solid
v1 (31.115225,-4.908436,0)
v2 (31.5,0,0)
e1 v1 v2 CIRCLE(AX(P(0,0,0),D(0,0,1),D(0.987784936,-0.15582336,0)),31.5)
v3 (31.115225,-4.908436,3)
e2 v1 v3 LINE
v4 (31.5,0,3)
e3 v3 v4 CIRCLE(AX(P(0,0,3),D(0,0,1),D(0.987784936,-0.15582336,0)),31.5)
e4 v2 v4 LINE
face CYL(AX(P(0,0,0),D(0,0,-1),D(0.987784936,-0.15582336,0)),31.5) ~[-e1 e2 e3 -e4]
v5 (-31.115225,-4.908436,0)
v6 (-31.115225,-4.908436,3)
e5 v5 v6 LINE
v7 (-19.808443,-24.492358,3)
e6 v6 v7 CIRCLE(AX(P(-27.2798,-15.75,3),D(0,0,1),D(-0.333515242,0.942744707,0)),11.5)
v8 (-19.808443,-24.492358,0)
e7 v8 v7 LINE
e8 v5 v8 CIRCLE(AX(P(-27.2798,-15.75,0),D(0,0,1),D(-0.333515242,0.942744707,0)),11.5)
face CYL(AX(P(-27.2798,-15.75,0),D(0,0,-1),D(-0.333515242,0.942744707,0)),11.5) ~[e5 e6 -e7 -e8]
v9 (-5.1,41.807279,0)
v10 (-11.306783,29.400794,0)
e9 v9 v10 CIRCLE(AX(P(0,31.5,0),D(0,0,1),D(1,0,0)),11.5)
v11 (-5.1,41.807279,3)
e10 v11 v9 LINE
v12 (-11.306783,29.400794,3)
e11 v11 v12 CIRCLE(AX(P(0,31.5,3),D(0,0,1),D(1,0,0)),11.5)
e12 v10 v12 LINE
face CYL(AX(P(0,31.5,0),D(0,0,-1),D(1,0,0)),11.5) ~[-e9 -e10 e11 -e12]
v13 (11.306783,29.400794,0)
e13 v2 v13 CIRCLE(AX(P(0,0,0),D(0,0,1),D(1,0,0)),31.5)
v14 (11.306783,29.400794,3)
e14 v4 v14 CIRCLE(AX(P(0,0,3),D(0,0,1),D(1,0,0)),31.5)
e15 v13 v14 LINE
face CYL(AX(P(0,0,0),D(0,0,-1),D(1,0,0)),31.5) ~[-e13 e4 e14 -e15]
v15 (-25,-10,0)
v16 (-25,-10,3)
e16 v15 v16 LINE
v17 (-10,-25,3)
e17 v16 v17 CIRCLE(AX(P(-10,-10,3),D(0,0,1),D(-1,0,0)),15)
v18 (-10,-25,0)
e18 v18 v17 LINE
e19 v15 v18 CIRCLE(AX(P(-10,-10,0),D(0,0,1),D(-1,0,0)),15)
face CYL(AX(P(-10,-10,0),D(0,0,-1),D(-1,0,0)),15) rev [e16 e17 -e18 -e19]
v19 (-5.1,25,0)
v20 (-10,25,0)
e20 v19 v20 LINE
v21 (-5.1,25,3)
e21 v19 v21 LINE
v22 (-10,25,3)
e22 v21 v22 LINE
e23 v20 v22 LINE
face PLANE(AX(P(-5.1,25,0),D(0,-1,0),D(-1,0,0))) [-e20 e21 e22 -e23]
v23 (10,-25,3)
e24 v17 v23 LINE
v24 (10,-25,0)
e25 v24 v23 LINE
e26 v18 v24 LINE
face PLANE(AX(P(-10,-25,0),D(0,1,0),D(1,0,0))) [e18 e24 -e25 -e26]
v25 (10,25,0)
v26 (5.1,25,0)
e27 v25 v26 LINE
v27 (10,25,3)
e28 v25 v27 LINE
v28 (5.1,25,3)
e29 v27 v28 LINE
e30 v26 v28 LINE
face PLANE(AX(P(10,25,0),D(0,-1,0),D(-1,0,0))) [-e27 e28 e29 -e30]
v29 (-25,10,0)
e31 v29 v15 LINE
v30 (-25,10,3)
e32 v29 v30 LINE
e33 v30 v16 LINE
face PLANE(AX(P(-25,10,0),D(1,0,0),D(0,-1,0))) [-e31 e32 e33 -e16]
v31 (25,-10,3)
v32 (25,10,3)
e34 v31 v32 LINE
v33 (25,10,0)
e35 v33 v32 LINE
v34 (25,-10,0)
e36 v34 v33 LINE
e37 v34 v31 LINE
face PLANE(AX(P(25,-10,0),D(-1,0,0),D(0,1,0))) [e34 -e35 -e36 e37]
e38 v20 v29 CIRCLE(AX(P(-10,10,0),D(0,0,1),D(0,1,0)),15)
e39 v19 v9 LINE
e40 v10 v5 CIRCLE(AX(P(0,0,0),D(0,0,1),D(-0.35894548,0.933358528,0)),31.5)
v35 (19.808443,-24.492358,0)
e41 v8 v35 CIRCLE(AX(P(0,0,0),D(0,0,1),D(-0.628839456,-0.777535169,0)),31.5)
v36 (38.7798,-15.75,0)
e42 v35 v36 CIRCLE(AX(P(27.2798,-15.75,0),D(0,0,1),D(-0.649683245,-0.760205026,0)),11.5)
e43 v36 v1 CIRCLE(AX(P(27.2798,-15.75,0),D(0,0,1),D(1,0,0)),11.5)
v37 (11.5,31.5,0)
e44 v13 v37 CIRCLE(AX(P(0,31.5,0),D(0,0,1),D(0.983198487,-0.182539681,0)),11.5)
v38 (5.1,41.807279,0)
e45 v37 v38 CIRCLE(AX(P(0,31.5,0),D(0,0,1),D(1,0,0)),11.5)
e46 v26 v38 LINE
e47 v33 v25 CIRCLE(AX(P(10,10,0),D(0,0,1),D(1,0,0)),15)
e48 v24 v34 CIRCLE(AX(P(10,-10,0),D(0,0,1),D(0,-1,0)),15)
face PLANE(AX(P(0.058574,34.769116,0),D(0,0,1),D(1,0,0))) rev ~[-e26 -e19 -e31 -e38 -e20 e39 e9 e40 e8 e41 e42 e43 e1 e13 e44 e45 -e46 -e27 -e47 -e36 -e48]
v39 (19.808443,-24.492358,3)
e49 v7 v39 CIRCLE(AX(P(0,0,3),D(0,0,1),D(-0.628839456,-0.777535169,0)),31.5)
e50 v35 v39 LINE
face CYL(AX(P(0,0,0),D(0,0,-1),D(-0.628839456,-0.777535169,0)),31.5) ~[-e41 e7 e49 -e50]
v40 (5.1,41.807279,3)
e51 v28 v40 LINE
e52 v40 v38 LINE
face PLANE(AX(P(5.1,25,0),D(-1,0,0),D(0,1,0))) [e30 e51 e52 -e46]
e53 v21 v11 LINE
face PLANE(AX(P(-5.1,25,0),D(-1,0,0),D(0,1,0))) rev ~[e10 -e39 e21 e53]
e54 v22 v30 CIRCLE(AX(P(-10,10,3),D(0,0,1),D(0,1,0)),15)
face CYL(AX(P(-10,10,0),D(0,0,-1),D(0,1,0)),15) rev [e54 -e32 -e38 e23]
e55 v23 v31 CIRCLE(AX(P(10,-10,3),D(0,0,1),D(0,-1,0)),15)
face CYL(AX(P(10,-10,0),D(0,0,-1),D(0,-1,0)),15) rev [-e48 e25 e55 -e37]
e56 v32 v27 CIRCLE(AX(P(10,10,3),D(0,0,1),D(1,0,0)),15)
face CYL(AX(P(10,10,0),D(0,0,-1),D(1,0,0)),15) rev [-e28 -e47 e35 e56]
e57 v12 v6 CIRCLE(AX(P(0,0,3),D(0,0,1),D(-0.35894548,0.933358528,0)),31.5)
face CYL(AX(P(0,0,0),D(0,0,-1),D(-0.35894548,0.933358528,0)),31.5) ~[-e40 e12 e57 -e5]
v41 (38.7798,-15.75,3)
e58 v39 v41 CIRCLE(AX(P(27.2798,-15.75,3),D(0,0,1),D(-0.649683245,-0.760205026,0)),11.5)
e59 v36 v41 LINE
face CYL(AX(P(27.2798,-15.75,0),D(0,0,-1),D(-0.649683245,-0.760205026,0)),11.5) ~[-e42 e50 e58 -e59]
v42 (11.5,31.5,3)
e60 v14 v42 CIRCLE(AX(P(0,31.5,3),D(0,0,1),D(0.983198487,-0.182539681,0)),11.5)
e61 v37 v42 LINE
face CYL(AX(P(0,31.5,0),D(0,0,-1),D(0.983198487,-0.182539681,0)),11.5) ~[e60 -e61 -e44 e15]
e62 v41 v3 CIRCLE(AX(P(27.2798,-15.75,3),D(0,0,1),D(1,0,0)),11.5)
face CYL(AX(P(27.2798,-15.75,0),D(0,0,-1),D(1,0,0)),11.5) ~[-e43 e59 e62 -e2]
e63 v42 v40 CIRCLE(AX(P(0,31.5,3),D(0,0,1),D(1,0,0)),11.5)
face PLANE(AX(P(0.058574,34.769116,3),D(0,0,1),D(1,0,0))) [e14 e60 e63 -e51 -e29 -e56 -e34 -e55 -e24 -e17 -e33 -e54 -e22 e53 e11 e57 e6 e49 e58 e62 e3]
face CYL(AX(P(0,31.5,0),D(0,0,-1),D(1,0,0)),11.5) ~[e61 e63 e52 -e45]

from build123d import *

# Parameters (mm, degrees)
F2_DEPTH = 3
F1_W     = 10.2
F1_H     = 8.1991158426
F1_H_2   = 21.2707020342
F3_DEPTH = 3


with BuildPart() as f2:
    # F0 (on Top) → F2 (new body)
    with BuildSketch(Plane.XY):
        with BuildLine():
            ThreePointArc((11.3067825639, 29.4007936636), (11.4515937375, 30.4459601281), (11.4999999642, 31.5))
            ThreePointArc((11.4999999642, 31.5), (-1.0540399207, 42.9515937721), (-11.3067826307, 29.4007936379))
            ThreePointArc((-11.3067826307, 29.4007936379), (-3.58e-08, 31.5), (11.3067825639, 29.4007936636))
        make_face()
        with BuildLine():
            ThreePointArc((11.3067825639, 29.4007936636), (-3.58e-08, 31.5), (-11.3067826307, 29.4007936379))
            ThreePointArc((-11.3067826307, 29.4007936379), (-2.27e-08, 20), (11.3067825639, 29.4007936636))
        make_face()
        with BuildLine():
            ThreePointArc((11.3067825639, 29.4007936636), (-2.27e-08, 20), (-11.3067826307, 29.4007936379))
            ThreePointArc((-11.3067826307, 29.4007936379), (-27.2798002371, 15.749999969), (-31.1152254861, -4.9084358964))
            ThreePointArc((-31.1152254861, -4.9084358964), (-20.641178009, -6.3596488455), (-15.7798002013, -15.750000031))
            ThreePointArc((-15.7798002013, -15.750000031), (-16.8354091384, -20.5629716001), (-19.8084428665, -24.4923578123))
            ThreePointArc((-19.8084428665, -24.4923578123), (3.58e-08, -31.5), (19.8084429222, -24.4923577673))
            ThreePointArc((19.8084429222, -24.4923577673), (17.320508087, -9.9999999803), (31.1152254973, -4.9084358257))
            ThreePointArc((31.1152254973, -4.9084358257), (31.4036590477, -2.4617470256), (31.5, 0))
            ThreePointArc((31.5, 0), (25.965492974, 17.8337650152), (11.3067825639, 29.4007936636))
        make_face()
        with BuildLine():
            ThreePointArc((-19.8084428665, -24.4923578123), (-27.2798002013, -15.750000031), (-31.1152254861, -4.9084358964))
            ThreePointArc((-31.1152254861, -4.9084358964), (-37.2390923383, -21.5000000423), (-19.8084428665, -24.4923578123))
        make_face()
        with BuildLine():
            ThreePointArc((-15.7798002013, -15.750000031), (-20.641178009, -6.3596488455), (-31.1152254861, -4.9084358964))
            ThreePointArc((-31.1152254861, -4.9084358964), (-27.2798002013, -15.750000031), (-19.8084428665, -24.4923578123))
            ThreePointArc((-19.8084428665, -24.4923578123), (-16.8354091384, -20.5629716001), (-15.7798002013, -15.750000031))
        make_face()
        with BuildLine():
            ThreePointArc((19.8084429222, -24.4923577673), (27.2798002371, -15.749999969), (31.1152254973, -4.9084358257))
            ThreePointArc((31.1152254973, -4.9084358257), (17.320508087, -9.9999999803), (19.8084429222, -24.4923577673))
        make_face()
        with BuildLine():
            ThreePointArc((38.7798002371, -15.749999969), (36.6701514151, -9.111377766), (31.1152254973, -4.9084358257))
            ThreePointArc((31.1152254973, -4.9084358257), (27.2798002371, -15.749999969), (19.8084429222, -24.4923577673))
            ThreePointArc((19.8084429222, -24.4923577673), (32.0927718181, -26.1943910265), (38.7798002371, -15.749999969))
        make_face()
    extrude(amount=F2_DEPTH)

    # F1 (on Top) → F3 (cut)
    with BuildSketch(Plane.XY):
        with BuildLine():
            Line((5.1, 25), (5.1, 16.8008841574))
            Line((5.1, 16.8008841574), (-5.1, 16.8008841574))
            Line((-5.1, 16.8008841574), (-5.1, 25))
            Line((-5.1, 25), (-10, 25))
            ThreePointArc((-10, 25), (-20.6066017178, 20.6066017178), (-25, 10))
            Line((-25, 10), (-25, -10))
            ThreePointArc((-25, -10), (-20.6066017178, -20.6066017178), (-10, -25))
            Line((-10, -25), (10, -25))
            ThreePointArc((10, -25), (20.6066017178, -20.6066017178), (25, -10))
            Line((25, -10), (25, 10))
            ThreePointArc((25, 10), (20.6066017178, 20.6066017178), (10, 25))
            Line((10, 25), (5.1, 25))
        make_face()
        with Locations((0, 20.9004420787)):
            Rectangle(F1_W, F1_H)
        with Locations((0, 35.6353510171)):
            Rectangle(F1_W, F1_H_2)
    extrude(amount=F3_DEPTH, mode=Mode.SUBTRACT)


solid = f2.part
